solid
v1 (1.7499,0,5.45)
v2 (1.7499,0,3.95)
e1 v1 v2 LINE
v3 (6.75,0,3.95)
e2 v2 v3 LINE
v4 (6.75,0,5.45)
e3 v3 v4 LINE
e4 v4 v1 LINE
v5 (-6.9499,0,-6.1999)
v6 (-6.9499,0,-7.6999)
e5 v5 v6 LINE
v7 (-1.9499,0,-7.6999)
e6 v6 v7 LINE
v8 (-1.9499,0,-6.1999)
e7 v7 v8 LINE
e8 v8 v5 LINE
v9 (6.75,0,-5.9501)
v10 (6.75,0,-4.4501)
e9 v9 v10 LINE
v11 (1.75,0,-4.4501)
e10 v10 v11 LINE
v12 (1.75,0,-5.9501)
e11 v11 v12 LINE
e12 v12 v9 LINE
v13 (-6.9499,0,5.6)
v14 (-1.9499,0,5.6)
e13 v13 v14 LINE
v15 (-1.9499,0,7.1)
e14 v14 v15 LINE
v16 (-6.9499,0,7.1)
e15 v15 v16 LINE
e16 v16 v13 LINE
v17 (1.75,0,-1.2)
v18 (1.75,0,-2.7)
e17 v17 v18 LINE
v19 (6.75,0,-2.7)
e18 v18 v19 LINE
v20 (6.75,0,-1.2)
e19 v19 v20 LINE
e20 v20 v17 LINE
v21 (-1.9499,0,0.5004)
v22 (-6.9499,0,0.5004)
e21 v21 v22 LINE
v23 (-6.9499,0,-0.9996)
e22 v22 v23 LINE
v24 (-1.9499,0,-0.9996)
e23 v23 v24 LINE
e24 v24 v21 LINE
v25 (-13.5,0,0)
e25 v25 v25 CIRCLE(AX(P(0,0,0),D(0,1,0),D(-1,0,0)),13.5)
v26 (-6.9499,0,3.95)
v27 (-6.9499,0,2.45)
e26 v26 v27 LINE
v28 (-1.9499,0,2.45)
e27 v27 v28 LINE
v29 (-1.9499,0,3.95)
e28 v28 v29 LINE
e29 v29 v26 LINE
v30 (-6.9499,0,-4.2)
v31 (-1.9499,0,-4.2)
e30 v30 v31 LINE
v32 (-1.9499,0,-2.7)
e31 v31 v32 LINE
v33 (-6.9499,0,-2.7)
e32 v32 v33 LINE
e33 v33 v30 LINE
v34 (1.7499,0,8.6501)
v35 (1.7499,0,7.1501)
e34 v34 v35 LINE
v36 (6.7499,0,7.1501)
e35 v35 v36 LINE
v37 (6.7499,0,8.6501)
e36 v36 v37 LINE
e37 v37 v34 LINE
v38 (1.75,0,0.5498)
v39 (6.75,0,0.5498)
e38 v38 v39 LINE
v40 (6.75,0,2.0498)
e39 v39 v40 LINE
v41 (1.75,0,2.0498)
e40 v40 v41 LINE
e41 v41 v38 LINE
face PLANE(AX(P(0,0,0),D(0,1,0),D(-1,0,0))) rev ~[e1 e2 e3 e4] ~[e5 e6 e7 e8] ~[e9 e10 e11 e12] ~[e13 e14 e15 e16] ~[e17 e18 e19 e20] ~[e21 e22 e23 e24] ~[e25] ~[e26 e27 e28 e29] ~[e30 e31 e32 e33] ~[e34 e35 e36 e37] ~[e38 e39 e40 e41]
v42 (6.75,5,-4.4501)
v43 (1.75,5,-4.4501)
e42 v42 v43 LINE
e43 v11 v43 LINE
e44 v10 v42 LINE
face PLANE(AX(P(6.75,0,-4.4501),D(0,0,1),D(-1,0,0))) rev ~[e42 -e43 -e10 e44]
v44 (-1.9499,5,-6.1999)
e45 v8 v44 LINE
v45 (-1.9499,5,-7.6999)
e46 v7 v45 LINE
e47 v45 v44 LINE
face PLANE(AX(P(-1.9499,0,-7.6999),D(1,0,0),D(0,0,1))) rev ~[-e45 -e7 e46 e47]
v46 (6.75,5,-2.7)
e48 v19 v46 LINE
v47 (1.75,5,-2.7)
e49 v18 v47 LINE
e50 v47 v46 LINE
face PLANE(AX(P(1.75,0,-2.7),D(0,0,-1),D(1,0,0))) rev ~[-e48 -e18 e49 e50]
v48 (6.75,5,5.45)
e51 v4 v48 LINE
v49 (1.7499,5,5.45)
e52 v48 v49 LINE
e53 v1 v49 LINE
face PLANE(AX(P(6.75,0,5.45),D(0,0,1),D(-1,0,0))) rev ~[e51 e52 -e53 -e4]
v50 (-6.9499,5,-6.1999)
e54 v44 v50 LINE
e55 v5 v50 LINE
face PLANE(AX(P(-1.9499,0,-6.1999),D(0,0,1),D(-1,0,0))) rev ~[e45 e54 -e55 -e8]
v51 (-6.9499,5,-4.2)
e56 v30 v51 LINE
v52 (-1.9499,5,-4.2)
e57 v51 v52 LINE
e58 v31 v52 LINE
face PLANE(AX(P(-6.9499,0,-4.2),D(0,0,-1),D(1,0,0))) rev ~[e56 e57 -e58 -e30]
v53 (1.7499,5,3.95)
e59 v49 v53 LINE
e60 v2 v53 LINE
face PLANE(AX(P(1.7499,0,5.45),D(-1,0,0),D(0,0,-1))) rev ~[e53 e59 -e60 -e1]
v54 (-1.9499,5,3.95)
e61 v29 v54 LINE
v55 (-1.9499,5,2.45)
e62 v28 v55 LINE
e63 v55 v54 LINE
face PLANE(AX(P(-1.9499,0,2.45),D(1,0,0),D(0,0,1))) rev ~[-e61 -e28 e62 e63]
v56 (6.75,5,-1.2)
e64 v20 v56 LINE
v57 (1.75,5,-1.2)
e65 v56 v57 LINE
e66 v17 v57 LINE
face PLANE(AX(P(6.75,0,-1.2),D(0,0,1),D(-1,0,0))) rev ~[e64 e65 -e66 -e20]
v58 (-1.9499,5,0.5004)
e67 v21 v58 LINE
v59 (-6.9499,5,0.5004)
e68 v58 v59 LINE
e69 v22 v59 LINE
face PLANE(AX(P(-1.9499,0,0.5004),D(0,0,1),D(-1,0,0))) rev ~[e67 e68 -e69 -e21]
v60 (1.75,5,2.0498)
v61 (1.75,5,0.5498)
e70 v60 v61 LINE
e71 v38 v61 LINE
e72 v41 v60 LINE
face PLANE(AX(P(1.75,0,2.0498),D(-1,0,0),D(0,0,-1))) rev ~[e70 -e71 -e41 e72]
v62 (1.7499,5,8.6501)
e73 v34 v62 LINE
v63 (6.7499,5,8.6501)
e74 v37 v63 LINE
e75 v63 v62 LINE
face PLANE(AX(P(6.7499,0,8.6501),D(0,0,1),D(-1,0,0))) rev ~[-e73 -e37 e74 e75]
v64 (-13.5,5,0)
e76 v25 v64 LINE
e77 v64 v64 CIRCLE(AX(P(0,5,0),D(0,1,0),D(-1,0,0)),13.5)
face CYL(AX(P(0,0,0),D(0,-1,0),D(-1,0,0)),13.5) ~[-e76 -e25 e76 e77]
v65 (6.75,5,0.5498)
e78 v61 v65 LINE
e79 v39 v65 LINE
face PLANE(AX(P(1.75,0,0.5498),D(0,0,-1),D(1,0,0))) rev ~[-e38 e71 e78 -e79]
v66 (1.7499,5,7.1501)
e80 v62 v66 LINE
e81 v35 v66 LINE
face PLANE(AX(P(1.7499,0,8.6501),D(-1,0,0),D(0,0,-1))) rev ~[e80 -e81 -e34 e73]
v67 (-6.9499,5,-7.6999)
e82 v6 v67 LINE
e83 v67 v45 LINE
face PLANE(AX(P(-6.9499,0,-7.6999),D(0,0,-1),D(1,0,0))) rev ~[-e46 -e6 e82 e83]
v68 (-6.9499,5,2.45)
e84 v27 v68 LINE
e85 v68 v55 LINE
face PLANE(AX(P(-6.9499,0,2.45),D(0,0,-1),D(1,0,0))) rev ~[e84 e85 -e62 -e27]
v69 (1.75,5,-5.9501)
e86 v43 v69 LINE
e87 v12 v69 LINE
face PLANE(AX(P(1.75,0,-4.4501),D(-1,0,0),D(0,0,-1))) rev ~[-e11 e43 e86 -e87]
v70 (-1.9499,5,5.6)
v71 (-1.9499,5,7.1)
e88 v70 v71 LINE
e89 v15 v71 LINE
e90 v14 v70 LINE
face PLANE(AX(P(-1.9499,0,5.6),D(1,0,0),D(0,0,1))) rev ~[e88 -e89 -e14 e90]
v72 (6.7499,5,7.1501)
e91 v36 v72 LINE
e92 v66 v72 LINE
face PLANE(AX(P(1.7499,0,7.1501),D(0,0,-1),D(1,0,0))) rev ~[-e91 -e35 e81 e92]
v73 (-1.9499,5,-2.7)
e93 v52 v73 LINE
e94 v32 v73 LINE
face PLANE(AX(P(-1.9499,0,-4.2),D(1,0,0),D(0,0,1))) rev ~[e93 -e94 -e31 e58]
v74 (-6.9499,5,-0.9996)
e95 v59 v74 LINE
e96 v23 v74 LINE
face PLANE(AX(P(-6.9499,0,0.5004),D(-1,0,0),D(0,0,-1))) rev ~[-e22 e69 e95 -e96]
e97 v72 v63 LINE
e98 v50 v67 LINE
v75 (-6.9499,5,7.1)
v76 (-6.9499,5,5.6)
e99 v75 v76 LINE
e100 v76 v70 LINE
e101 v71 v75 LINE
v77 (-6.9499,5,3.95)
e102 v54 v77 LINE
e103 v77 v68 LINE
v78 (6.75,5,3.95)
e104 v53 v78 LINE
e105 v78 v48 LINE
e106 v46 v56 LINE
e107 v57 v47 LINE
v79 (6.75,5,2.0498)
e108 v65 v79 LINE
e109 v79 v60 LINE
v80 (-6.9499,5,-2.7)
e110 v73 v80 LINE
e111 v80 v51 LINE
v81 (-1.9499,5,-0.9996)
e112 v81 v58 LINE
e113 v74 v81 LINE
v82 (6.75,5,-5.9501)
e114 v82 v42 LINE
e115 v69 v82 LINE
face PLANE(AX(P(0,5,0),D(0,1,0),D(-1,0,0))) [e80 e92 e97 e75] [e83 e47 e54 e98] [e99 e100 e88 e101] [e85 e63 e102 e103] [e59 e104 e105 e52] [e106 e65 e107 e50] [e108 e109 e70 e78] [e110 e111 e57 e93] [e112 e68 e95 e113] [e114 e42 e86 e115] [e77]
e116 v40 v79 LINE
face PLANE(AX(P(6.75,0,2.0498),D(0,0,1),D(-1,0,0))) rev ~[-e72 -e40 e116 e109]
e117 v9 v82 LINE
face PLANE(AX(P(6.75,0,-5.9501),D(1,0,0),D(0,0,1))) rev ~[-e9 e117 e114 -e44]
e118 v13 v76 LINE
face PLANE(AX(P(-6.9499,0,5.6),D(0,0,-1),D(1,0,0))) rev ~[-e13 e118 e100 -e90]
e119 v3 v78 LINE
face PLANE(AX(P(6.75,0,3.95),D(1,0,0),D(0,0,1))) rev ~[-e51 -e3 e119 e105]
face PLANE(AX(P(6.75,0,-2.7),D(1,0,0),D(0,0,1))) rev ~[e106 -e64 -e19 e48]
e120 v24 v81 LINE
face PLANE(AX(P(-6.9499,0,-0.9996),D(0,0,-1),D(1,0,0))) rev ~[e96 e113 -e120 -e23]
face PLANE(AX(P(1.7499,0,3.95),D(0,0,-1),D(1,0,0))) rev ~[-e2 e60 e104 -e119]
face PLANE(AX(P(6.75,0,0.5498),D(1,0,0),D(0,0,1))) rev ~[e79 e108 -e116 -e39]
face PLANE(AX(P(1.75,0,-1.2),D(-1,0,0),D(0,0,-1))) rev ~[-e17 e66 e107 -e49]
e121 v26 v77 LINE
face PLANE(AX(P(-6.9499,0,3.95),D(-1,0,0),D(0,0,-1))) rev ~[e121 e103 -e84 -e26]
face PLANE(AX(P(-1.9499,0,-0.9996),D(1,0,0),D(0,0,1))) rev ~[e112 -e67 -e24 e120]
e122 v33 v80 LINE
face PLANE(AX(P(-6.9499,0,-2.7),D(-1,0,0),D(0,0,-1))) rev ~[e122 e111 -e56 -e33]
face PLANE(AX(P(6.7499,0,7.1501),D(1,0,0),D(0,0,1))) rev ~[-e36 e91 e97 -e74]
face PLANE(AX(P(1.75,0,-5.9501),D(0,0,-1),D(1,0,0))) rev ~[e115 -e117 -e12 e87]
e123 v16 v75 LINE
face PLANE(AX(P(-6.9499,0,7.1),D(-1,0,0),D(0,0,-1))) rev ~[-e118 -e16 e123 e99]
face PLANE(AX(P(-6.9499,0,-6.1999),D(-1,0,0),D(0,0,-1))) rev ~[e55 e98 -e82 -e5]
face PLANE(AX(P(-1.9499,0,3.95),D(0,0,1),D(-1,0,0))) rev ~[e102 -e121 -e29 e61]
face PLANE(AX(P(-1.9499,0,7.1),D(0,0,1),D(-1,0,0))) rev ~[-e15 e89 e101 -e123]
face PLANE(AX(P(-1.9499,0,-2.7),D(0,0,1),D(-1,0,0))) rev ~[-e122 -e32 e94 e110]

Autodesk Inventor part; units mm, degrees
ref_plane "YZ Plane" through (0, 0, 0) normal (1, 0, 0) x (0, 1, 0)
ref_plane "XZ Plane" through (0, 0, 0) normal (0, 1, 0) x (-1, 0, 0)
ref_plane "XY Plane" through (0, 0, 0) normal (0, 0, 1) x (1, 0, 0)
sketch "Sketch3" plane through (0, 0, 0) normal (0, 1, 0) x (-1, 0, 0)
  circle A0 centre (0, 0) radius 13.5
  line L0 (-6.7499, 8.6501) -> (-1.7499, 8.6501)
  line L1 (-1.7499, 8.6501) -> (-1.7499, 7.1501)
  line L2 (-1.7499, 7.1501) -> (-6.7499, 7.1501)
  line L3 (-6.7499, 7.1501) -> (-6.7499, 8.6501)
  line L4 (-6.75, 5.45) -> (-1.7499, 5.45)
  line L5 (-1.7499, 5.45) -> (-1.7499, 3.95)
  line L6 (-1.7499, 3.95) -> (-6.75, 3.95)
  line L7 (-6.75, 3.95) -> (-6.75, 5.45)
  line L8 (-6.75, 2.0498) -> (-1.75, 2.0498)
  line L9 (-1.75, 2.0498) -> (-1.75, 0.5498)
  line L10 (-1.75, 0.5498) -> (-6.75, 0.5498)
  line L11 (-6.75, 0.5498) -> (-6.75, 2.0498)
  line L12 (-6.75, -1.2) -> (-1.75, -1.2)
  line L13 (-1.75, -1.2) -> (-1.75, -2.7)
  line L14 (-1.75, -2.7) -> (-6.75, -2.7)
  line L15 (-6.75, -2.7) -> (-6.75, -1.2)
  line L16 (-6.75, -4.4501) -> (-1.75, -4.4501)
  line L17 (-1.75, -4.4501) -> (-1.75, -5.9501)
  line L18 (-1.75, -5.9501) -> (-6.75, -5.9501)
  line L19 (-6.75, -5.9501) -> (-6.75, -4.4501)
  line L20 (1.9499, 7.1) -> (6.9499, 7.1)
  line L21 (6.9499, 7.1) -> (6.9499, 5.6)
  line L22 (6.9499, 5.6) -> (1.9499, 5.6)
  line L23 (1.9499, 5.6) -> (1.9499, 7.1)
  line L24 (1.9499, 3.95) -> (6.9499, 3.95)
  line L25 (6.9499, 3.95) -> (6.9499, 2.45)
  line L26 (6.9499, 2.45) -> (1.9499, 2.45)
  line L27 (1.9499, 2.45) -> (1.9499, 3.95)
  line L28 (1.9499, 0.5004) -> (6.9499, 0.5004)
  line L29 (6.9499, 0.5004) -> (6.9499, -0.9996)
  line L30 (6.9499, -0.9996) -> (1.9499, -0.9996)
  line L31 (1.9499, -0.9996) -> (1.9499, 0.5004)
  line L32 (1.9499, -2.7) -> (6.9499, -2.7)
  line L33 (6.9499, -2.7) -> (6.9499, -4.2)
  line L34 (6.9499, -4.2) -> (1.9499, -4.2)
  line L35 (1.9499, -4.2) -> (1.9499, -2.7)
  line L36 (1.9499, -6.1999) -> (6.9499, -6.1999)
  line L37 (6.9499, -6.1999) -> (6.9499, -7.6999)
  line L38 (6.9499, -7.6999) -> (1.9499, -7.6999)
  line L39 (1.9499, -7.6999) -> (1.9499, -6.1999)
  point P0 (-6.7499, 7.9001)
  point P1 (-6.75, 4.7)
  point P2 (-5.95, -5.2001)
  dimension "d3" = 27
  dimension "d4" = 5
  dimension "d5" = 1.5
  dimension "d6" = 1.5
  dimension "d7" = 5
  dimension "d8" = 1.5
  dimension "d9" = 5
  dimension "d10" = 1.5
  dimension "d11" = 5
  dimension "d12" = 1.5
  dimension "d13" = 0.8
  dimension "d14" = 5
  dimension "d15" = 1.5
  dimension "d16" = 5
  dimension "d17" = 1.5
  dimension "d18" = 5
  dimension "d19" = 1.5
  dimension "d20" = 5
  dimension "d21" = 1.5
  dimension "d22" = 1.5
extrude "Extrusion1" add sketch "Sketch3" along normal blind 5
sketch "Sketch4" plane through (0, 5, 0) normal (0, 1, 0) x (1, 0, 0)
  circle A0 centre (-10.8, -1.9) radius 0.75
  circle A1 centre (-10.8, 1.7) radius 0.75
  circle A2 centre (10.9, -1.85) radius 0.75
  circle A3 centre (10.9, 1.65) radius 0.75
  circle A4 centre (0.958, 9.985) radius 3
  point P0 (0, 0)
  dimension "d25" = 1.5
  dimension "d26" = 1.5
  dimension "d27" = 1.5
  dimension "d28" = 1.5
  dimension "d29" = 6
properties part number "Seperator_BU"
